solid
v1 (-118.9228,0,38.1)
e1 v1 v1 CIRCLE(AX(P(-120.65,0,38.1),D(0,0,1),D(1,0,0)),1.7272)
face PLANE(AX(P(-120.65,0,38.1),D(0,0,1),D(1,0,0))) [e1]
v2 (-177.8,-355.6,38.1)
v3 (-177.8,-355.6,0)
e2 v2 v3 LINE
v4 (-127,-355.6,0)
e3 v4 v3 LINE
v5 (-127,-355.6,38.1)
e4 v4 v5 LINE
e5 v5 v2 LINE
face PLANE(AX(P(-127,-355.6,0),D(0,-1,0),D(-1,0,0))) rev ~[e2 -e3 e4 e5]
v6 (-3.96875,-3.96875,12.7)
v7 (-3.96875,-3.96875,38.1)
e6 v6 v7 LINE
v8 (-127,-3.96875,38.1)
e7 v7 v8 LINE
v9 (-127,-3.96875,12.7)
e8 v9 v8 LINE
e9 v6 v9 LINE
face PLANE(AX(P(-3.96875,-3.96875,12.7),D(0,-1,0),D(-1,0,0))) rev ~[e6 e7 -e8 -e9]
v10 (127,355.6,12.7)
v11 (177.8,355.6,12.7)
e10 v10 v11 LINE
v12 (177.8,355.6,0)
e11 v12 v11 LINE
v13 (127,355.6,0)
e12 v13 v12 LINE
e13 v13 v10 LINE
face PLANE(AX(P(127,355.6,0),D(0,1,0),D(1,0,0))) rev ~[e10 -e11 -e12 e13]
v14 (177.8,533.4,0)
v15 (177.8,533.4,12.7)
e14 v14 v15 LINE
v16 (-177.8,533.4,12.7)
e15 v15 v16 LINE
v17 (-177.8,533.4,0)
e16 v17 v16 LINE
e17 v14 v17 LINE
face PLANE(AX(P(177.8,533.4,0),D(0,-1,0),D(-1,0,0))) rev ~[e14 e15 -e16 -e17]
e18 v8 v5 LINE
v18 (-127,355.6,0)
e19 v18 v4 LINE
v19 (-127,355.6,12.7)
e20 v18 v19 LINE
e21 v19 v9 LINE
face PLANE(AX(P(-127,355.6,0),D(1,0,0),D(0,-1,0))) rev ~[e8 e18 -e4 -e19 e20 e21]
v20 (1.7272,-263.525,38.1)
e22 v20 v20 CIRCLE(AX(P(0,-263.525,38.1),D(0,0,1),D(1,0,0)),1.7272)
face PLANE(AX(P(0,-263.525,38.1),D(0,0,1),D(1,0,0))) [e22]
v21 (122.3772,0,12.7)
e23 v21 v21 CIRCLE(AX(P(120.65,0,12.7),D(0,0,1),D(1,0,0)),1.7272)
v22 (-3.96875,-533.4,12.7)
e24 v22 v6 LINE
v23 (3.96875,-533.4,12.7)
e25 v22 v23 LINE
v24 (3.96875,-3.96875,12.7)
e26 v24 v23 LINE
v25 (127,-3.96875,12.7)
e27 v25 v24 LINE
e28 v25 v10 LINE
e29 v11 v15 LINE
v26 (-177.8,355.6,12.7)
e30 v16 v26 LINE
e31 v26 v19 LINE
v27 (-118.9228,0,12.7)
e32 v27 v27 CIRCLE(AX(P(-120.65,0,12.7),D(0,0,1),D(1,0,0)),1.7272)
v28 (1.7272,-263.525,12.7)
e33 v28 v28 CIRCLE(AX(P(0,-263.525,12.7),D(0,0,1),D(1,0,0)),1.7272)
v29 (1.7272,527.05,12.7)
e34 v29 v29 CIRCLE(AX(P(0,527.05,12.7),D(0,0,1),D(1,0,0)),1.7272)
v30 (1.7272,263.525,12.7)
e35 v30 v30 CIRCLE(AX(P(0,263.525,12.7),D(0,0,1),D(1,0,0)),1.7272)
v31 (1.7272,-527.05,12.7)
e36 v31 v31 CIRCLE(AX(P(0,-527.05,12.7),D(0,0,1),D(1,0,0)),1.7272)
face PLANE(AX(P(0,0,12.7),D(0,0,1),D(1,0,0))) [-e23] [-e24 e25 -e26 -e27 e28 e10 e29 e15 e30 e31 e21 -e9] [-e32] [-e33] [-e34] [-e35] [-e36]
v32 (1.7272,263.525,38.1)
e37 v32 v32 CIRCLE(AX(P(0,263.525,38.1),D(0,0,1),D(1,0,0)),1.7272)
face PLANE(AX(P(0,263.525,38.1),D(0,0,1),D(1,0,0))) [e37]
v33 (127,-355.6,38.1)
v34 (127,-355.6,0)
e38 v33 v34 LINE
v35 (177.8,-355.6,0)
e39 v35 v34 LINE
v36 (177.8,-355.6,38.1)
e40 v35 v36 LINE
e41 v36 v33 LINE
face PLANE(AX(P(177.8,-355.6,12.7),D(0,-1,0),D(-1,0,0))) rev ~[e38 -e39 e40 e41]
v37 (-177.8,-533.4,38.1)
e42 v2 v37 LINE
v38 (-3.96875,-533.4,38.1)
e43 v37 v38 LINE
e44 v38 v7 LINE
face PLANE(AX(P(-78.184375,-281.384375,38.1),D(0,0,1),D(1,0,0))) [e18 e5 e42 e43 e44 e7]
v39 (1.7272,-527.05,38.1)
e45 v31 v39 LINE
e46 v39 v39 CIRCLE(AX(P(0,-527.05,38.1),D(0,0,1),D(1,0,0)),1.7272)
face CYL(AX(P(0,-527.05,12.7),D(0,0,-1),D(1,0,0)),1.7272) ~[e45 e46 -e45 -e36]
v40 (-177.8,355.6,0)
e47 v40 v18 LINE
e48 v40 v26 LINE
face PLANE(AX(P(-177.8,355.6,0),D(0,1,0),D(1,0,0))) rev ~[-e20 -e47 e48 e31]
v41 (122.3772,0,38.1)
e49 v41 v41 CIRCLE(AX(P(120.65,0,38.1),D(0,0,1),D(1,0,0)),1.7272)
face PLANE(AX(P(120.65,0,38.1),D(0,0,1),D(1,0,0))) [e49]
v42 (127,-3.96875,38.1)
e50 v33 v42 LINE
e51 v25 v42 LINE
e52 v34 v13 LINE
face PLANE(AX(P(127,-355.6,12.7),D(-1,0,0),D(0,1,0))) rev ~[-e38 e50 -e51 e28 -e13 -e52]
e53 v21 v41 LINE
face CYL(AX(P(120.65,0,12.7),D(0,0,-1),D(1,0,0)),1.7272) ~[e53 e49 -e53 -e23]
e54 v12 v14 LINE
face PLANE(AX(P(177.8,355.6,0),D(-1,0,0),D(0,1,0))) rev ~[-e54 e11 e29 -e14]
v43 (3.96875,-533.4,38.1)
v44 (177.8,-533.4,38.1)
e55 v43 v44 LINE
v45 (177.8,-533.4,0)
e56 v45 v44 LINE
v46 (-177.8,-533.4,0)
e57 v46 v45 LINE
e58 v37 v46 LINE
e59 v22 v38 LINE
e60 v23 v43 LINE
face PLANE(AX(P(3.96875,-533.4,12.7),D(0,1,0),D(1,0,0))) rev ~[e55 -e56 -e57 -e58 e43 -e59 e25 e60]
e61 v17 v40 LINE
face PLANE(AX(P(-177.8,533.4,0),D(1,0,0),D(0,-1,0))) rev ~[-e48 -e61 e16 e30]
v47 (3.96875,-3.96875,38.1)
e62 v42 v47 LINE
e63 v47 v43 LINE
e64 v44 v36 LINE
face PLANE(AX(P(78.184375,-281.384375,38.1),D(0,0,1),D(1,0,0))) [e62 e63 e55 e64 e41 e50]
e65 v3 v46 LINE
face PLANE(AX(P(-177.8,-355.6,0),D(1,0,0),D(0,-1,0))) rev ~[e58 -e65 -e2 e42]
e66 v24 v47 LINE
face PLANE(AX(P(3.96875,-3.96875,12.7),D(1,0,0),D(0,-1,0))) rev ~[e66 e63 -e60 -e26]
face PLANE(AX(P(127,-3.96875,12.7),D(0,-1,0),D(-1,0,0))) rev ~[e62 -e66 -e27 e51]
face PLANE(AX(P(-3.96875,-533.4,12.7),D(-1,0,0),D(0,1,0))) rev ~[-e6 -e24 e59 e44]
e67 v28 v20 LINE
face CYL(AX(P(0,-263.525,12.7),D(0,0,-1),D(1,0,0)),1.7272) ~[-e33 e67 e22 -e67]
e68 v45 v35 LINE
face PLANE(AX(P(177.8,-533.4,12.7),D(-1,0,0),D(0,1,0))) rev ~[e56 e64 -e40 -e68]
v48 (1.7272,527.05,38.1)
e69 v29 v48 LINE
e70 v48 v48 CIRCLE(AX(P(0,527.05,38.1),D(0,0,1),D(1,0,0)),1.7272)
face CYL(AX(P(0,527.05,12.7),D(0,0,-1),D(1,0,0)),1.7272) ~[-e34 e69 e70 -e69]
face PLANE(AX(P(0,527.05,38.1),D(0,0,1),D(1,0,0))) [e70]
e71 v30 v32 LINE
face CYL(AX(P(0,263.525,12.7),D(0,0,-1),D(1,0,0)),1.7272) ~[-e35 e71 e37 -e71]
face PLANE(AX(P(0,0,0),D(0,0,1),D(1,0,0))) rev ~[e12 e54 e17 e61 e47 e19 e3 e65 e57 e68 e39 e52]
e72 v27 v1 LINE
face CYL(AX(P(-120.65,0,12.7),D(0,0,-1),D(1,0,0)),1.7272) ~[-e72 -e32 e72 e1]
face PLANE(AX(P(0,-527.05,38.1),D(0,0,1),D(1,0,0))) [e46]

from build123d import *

# Parameters (mm, degrees)
F1_DEPTH = 12.7
F2_R     = 1.7272
F3_DEPTH = 25.4


with BuildPart() as f1:
    # F0 (on Top) → F1 (new body)
    with BuildSketch(Plane.XY):
        Polygon((-127, 355.6), (-127, -355.6), (-177.8, -355.6), (-177.8, -533.4), (177.8, -533.4), (177.8, -355.6), (127, -355.6), (127, 355.6), (177.8, 355.6), (177.8, 533.4), (-177.8, 533.4), (-177.8, 355.6), align=None)
    extrude(amount=F1_DEPTH)

    # F2 (on face) → F3 (join)
    with BuildSketch(Plane.XY.offset(12.7)):
        with Locations((0, 263.525)):
            Circle(F2_R)
        with Locations((-120.65, 0)):
            Circle(F2_R)
        with Locations((120.65, 0)):
            Circle(F2_R)
        with Locations((0, 527.05)):
            Circle(F2_R)
        with Locations((0, -263.525)):
            Circle(F2_R)
        with Locations((0, -527.05)):
            Circle(F2_R)
        Polygon((3.96875, -3.96875), (3.96875, -533.4), (177.8, -533.4), (177.8, -355.6), (127, -355.6), (127, -3.96875), align=None)
        Polygon((-3.96875, -533.4), (-3.96875, -3.96875), (-127, -3.96875), (-127, -355.6), (-177.8, -355.6), (-177.8, -533.4), align=None)
    extrude(amount=F3_DEPTH)


solid = f1.part
